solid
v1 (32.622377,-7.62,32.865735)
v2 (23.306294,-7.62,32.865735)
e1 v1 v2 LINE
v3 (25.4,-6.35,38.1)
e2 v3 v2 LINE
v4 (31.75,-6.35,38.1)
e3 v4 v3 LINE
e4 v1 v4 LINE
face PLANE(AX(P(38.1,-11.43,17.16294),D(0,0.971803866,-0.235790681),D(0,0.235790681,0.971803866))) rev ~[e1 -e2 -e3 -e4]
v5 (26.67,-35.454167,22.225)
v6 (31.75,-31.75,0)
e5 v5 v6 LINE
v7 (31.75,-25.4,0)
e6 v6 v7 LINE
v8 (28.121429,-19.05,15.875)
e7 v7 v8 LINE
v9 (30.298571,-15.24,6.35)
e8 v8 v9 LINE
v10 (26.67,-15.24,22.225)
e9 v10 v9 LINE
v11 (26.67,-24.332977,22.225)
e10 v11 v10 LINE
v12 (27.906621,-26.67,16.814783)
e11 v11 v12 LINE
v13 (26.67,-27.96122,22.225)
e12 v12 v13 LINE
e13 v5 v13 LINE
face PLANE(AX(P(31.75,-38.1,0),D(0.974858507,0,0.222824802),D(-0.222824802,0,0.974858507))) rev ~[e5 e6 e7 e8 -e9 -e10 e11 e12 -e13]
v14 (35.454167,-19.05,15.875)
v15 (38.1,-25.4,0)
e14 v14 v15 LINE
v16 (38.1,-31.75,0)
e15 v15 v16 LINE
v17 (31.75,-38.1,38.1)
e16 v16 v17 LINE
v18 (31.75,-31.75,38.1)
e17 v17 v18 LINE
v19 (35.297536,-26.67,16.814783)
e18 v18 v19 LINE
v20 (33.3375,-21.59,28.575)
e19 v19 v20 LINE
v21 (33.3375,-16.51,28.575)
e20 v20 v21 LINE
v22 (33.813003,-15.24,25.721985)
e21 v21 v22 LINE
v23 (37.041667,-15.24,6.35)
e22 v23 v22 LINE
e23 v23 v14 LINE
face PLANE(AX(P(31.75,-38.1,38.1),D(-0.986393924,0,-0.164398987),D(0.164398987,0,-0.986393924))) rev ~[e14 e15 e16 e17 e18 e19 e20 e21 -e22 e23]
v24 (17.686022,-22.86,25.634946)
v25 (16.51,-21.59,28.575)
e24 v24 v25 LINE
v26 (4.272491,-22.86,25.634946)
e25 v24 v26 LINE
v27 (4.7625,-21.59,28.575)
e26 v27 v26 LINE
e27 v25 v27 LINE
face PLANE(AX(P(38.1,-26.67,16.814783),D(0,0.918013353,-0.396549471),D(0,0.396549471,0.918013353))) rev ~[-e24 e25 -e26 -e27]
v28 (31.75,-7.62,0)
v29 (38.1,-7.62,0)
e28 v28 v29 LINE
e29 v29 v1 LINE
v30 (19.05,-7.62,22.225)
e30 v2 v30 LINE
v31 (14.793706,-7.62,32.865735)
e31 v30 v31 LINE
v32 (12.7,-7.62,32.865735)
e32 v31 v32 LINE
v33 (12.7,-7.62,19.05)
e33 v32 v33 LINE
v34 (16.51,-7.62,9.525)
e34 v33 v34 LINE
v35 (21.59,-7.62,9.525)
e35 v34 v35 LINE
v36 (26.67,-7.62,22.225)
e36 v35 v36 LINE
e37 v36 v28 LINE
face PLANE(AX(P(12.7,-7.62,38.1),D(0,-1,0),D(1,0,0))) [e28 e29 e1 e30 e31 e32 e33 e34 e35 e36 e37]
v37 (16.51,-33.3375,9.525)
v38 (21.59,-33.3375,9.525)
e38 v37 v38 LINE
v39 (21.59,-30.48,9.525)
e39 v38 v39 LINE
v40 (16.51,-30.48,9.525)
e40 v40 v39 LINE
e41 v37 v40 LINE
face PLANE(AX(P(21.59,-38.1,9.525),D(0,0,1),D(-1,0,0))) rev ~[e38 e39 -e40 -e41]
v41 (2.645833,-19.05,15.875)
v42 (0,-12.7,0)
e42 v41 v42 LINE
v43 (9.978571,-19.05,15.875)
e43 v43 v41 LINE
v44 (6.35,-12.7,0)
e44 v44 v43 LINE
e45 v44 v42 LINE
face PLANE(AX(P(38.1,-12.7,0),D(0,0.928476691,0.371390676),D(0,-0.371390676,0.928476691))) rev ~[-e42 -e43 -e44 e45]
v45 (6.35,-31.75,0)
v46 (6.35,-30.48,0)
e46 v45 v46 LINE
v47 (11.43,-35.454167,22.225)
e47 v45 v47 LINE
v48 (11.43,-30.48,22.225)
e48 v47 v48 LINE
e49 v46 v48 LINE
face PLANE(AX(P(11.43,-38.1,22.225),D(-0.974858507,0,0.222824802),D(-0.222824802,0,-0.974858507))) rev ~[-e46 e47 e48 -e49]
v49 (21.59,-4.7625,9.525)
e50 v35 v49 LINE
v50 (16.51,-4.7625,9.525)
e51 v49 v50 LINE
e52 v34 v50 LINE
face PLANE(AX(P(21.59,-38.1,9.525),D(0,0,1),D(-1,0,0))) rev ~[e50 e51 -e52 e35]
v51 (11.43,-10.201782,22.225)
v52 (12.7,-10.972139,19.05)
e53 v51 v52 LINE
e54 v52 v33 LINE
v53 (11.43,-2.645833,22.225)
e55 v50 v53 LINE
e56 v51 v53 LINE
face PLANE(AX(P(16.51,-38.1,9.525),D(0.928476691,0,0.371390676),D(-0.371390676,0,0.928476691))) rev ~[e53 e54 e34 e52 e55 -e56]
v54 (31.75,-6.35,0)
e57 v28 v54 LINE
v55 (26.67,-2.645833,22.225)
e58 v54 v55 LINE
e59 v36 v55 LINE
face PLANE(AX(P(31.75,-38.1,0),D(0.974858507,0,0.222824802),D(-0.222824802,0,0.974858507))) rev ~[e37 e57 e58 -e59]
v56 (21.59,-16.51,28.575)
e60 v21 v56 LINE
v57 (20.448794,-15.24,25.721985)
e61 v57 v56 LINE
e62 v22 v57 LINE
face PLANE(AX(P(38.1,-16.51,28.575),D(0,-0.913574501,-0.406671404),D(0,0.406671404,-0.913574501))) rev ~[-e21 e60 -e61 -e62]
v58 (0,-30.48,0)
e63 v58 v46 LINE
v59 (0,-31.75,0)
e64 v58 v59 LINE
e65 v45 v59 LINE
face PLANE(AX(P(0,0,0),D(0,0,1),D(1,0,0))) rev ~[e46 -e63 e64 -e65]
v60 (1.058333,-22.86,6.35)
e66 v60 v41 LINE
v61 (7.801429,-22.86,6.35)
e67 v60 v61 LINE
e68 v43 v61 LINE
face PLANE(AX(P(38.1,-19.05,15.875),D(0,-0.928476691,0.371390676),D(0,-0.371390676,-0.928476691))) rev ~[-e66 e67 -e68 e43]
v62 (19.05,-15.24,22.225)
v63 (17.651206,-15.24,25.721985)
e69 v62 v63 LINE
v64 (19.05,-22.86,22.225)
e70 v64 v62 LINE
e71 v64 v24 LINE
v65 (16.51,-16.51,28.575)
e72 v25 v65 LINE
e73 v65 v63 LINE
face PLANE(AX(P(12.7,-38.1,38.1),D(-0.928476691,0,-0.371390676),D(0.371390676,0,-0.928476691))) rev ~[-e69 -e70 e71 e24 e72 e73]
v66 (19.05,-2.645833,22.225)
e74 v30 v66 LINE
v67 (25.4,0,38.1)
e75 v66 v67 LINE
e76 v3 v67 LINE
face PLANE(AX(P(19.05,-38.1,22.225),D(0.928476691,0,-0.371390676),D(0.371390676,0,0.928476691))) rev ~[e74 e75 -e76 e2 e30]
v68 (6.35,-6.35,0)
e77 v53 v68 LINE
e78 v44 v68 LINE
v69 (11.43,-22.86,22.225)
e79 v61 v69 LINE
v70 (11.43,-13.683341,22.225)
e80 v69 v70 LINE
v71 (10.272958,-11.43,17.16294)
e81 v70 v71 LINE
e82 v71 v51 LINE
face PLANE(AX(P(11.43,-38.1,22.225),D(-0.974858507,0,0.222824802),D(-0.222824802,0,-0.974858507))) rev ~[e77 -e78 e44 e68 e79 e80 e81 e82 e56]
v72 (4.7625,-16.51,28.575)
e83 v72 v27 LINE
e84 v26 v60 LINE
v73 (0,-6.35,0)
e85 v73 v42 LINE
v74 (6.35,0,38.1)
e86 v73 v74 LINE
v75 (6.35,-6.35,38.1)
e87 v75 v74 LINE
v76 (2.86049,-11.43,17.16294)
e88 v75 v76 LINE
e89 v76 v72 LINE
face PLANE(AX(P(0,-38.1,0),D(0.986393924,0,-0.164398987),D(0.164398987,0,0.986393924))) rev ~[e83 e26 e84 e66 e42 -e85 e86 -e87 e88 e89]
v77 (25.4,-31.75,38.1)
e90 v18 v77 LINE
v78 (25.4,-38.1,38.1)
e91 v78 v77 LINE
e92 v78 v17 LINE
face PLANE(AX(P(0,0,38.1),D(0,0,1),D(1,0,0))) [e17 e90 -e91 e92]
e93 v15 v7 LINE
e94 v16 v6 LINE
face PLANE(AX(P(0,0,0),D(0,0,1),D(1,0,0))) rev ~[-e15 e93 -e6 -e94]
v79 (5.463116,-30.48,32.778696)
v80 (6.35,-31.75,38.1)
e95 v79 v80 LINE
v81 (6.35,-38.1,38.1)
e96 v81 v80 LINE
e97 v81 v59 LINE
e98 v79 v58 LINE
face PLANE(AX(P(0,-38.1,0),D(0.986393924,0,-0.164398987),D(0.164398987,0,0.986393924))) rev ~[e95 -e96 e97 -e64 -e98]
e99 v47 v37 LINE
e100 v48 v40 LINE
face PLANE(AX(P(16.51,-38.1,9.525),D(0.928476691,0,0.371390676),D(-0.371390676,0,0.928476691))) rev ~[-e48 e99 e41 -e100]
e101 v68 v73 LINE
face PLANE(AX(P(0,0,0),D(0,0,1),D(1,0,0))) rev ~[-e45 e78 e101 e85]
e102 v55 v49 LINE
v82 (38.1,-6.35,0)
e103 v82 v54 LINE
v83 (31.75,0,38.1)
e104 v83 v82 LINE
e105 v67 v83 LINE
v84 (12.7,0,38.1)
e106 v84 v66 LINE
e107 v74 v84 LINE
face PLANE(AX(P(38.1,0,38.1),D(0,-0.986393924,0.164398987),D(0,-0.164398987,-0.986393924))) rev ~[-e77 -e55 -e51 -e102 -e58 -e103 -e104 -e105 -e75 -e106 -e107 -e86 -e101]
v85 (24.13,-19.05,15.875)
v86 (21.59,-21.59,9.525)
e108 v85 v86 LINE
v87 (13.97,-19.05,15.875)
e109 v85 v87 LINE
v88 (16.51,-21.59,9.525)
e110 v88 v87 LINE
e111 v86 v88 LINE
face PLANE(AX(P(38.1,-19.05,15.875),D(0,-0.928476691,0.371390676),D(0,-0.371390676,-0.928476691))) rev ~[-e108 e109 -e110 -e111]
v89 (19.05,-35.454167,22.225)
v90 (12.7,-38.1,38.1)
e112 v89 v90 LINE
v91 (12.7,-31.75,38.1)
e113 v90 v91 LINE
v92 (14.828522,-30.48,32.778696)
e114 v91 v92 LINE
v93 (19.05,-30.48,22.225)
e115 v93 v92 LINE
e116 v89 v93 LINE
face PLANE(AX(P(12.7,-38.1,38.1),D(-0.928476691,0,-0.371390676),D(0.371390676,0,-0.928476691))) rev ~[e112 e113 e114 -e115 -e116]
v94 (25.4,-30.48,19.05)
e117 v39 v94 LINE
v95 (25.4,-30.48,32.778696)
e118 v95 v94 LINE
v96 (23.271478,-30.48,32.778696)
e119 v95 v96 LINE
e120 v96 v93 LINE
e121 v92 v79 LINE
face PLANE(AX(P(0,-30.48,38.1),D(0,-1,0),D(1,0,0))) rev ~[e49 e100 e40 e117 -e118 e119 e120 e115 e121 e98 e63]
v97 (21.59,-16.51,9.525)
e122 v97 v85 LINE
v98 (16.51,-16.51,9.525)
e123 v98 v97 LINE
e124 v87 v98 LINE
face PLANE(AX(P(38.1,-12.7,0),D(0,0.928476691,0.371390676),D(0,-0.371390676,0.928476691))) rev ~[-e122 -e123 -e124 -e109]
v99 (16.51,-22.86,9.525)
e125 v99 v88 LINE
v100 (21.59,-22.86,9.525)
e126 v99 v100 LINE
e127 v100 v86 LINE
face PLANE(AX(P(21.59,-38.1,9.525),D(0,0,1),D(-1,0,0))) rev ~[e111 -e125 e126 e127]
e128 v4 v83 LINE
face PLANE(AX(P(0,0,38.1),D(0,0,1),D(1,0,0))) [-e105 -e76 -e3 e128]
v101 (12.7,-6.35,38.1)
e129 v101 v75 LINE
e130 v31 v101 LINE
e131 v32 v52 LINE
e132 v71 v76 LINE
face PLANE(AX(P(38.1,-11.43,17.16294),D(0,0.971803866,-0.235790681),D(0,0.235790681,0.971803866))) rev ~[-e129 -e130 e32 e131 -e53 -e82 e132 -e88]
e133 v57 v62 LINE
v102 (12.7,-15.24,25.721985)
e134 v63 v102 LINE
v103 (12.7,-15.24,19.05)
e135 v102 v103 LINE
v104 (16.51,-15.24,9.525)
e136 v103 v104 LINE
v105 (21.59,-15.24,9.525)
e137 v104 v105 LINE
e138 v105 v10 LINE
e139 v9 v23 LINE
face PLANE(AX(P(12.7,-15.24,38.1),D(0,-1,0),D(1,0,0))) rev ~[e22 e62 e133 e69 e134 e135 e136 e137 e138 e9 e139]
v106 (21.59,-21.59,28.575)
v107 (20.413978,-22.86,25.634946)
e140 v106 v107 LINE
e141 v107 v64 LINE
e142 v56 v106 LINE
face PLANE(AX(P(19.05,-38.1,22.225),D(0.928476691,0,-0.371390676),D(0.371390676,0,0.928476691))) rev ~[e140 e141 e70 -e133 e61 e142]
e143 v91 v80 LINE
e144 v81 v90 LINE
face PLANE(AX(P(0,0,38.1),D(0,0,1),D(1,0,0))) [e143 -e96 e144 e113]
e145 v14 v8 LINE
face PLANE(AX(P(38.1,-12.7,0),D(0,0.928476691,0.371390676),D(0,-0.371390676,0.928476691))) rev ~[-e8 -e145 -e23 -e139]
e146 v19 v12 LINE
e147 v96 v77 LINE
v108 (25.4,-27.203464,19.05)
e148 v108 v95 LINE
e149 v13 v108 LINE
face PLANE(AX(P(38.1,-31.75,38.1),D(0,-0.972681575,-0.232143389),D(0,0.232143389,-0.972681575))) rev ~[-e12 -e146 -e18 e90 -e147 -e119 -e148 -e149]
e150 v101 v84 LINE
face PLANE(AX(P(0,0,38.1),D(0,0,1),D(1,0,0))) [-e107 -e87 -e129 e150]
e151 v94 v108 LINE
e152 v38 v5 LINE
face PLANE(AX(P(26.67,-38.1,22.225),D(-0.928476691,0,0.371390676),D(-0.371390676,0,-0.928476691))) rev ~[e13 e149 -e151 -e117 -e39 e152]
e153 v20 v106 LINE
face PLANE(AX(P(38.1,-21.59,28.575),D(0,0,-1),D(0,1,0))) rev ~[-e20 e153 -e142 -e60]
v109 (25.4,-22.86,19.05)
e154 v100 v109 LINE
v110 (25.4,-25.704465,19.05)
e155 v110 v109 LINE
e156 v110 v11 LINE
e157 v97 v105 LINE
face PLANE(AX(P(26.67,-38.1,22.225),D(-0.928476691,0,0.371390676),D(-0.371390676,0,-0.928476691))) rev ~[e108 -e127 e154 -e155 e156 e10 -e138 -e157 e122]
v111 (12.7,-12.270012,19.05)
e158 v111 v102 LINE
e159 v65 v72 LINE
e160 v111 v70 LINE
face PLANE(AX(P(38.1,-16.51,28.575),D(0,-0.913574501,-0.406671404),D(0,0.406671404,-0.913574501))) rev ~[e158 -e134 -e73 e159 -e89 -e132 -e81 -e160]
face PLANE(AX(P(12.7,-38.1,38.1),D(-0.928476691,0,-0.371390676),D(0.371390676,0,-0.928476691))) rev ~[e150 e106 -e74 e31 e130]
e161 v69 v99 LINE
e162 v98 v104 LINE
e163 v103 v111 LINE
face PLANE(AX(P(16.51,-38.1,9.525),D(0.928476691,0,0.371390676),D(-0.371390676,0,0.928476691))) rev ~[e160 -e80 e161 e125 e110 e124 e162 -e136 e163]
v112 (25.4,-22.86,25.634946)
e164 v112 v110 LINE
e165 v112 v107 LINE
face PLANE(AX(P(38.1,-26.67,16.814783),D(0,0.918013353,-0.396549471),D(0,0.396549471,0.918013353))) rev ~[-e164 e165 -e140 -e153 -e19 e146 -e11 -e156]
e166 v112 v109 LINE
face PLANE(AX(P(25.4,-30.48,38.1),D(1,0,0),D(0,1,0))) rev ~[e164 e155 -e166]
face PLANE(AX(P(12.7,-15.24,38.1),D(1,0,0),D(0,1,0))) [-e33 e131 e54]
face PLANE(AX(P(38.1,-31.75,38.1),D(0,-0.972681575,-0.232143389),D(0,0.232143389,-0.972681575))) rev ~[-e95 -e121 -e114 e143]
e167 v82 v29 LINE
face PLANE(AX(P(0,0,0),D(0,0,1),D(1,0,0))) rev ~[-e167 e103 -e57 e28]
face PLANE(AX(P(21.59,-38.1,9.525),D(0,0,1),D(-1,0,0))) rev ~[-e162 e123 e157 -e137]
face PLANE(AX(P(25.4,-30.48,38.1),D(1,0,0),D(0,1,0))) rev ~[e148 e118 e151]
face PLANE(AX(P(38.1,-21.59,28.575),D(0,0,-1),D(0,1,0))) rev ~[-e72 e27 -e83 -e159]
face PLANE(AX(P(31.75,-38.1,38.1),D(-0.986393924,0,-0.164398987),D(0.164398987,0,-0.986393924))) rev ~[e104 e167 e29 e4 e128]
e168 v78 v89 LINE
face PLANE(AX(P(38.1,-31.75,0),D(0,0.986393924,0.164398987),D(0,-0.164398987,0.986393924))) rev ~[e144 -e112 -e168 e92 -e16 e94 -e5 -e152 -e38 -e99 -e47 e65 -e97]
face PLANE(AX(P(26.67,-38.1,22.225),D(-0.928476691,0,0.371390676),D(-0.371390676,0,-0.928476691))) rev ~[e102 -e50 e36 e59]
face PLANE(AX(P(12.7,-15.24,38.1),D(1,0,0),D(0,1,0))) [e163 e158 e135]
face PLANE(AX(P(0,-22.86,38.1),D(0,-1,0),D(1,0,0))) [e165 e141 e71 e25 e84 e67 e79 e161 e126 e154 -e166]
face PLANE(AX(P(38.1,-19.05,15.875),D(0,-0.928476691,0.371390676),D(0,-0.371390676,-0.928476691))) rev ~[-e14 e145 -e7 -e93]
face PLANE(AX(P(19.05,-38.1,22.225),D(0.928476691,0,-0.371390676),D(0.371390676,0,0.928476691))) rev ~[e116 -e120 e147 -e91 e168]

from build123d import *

# Parameters (mm, degrees)
F0_W     = 38.1
F0_H     = 38.1
F1_DEPTH = 38.1
F5_DEPTH = 38.1
F7_DEPTH = 38.1
F8_W     = 25.4
F8_H     = 7.62
F9_DEPTH = 38.1


with BuildPart() as f1:
    # F0 (on Front) → F1 (new body)
    with BuildSketch(Plane.XZ):
        with Locations((19.05, 19.05)):
            Rectangle(F0_W, F0_H)
    extrude(amount=F1_DEPTH)

    # F4 (on face) → F5 (cut)
    with BuildSketch(Plane.YZ.offset(38.1)):
        Polygon((-6.35, 38.1), (-31.75, 38.1), (-26.67, 16.814783), (-21.59, 28.575), (-16.51, 28.575), (-11.43, 17.16294), align=None)
        Polygon((-31.75, 0), (-38.1, 38.1), (-38.1, 0), align=None)
        Polygon((-19.05, 15.875), (-25.4, 0), (-12.7, 0), align=None)
        Polygon((0, 0), (0, 38.1), (-6.35, 0), align=None)
    extrude(amount=-F5_DEPTH, mode=Mode.SUBTRACT)

    # F6 (on offset) → F7 (cut)
    with BuildSketch(Plane.XZ.offset(38.1)):
        Polygon((0, 38.1), (0, 0), (6.35, 38.1), align=None)
        Polygon((11.43, 22.225), (6.35, 0), (31.75, 0), (26.67, 22.225), (21.59, 9.525), (16.51, 9.525), align=None)
        Polygon((25.4, 38.1), (12.7, 38.1), (19.05, 22.225), align=None)
        Polygon((31.75, 38.1), (38.1, 0), (38.1, 38.1), align=None)
    extrude(amount=-F7_DEPTH, mode=Mode.SUBTRACT)

    # F8 (on offset) → F9 (cut)
    with BuildSketch(Plane.XY.offset(38.1)):
        with Locations((25.4, -11.43)):
            Rectangle(F8_W, F8_H)
        with Locations((12.7, -26.67)):
            Rectangle(F8_W, F8_H)
    extrude(amount=-F9_DEPTH, mode=Mode.SUBTRACT)


solid = f1.part
